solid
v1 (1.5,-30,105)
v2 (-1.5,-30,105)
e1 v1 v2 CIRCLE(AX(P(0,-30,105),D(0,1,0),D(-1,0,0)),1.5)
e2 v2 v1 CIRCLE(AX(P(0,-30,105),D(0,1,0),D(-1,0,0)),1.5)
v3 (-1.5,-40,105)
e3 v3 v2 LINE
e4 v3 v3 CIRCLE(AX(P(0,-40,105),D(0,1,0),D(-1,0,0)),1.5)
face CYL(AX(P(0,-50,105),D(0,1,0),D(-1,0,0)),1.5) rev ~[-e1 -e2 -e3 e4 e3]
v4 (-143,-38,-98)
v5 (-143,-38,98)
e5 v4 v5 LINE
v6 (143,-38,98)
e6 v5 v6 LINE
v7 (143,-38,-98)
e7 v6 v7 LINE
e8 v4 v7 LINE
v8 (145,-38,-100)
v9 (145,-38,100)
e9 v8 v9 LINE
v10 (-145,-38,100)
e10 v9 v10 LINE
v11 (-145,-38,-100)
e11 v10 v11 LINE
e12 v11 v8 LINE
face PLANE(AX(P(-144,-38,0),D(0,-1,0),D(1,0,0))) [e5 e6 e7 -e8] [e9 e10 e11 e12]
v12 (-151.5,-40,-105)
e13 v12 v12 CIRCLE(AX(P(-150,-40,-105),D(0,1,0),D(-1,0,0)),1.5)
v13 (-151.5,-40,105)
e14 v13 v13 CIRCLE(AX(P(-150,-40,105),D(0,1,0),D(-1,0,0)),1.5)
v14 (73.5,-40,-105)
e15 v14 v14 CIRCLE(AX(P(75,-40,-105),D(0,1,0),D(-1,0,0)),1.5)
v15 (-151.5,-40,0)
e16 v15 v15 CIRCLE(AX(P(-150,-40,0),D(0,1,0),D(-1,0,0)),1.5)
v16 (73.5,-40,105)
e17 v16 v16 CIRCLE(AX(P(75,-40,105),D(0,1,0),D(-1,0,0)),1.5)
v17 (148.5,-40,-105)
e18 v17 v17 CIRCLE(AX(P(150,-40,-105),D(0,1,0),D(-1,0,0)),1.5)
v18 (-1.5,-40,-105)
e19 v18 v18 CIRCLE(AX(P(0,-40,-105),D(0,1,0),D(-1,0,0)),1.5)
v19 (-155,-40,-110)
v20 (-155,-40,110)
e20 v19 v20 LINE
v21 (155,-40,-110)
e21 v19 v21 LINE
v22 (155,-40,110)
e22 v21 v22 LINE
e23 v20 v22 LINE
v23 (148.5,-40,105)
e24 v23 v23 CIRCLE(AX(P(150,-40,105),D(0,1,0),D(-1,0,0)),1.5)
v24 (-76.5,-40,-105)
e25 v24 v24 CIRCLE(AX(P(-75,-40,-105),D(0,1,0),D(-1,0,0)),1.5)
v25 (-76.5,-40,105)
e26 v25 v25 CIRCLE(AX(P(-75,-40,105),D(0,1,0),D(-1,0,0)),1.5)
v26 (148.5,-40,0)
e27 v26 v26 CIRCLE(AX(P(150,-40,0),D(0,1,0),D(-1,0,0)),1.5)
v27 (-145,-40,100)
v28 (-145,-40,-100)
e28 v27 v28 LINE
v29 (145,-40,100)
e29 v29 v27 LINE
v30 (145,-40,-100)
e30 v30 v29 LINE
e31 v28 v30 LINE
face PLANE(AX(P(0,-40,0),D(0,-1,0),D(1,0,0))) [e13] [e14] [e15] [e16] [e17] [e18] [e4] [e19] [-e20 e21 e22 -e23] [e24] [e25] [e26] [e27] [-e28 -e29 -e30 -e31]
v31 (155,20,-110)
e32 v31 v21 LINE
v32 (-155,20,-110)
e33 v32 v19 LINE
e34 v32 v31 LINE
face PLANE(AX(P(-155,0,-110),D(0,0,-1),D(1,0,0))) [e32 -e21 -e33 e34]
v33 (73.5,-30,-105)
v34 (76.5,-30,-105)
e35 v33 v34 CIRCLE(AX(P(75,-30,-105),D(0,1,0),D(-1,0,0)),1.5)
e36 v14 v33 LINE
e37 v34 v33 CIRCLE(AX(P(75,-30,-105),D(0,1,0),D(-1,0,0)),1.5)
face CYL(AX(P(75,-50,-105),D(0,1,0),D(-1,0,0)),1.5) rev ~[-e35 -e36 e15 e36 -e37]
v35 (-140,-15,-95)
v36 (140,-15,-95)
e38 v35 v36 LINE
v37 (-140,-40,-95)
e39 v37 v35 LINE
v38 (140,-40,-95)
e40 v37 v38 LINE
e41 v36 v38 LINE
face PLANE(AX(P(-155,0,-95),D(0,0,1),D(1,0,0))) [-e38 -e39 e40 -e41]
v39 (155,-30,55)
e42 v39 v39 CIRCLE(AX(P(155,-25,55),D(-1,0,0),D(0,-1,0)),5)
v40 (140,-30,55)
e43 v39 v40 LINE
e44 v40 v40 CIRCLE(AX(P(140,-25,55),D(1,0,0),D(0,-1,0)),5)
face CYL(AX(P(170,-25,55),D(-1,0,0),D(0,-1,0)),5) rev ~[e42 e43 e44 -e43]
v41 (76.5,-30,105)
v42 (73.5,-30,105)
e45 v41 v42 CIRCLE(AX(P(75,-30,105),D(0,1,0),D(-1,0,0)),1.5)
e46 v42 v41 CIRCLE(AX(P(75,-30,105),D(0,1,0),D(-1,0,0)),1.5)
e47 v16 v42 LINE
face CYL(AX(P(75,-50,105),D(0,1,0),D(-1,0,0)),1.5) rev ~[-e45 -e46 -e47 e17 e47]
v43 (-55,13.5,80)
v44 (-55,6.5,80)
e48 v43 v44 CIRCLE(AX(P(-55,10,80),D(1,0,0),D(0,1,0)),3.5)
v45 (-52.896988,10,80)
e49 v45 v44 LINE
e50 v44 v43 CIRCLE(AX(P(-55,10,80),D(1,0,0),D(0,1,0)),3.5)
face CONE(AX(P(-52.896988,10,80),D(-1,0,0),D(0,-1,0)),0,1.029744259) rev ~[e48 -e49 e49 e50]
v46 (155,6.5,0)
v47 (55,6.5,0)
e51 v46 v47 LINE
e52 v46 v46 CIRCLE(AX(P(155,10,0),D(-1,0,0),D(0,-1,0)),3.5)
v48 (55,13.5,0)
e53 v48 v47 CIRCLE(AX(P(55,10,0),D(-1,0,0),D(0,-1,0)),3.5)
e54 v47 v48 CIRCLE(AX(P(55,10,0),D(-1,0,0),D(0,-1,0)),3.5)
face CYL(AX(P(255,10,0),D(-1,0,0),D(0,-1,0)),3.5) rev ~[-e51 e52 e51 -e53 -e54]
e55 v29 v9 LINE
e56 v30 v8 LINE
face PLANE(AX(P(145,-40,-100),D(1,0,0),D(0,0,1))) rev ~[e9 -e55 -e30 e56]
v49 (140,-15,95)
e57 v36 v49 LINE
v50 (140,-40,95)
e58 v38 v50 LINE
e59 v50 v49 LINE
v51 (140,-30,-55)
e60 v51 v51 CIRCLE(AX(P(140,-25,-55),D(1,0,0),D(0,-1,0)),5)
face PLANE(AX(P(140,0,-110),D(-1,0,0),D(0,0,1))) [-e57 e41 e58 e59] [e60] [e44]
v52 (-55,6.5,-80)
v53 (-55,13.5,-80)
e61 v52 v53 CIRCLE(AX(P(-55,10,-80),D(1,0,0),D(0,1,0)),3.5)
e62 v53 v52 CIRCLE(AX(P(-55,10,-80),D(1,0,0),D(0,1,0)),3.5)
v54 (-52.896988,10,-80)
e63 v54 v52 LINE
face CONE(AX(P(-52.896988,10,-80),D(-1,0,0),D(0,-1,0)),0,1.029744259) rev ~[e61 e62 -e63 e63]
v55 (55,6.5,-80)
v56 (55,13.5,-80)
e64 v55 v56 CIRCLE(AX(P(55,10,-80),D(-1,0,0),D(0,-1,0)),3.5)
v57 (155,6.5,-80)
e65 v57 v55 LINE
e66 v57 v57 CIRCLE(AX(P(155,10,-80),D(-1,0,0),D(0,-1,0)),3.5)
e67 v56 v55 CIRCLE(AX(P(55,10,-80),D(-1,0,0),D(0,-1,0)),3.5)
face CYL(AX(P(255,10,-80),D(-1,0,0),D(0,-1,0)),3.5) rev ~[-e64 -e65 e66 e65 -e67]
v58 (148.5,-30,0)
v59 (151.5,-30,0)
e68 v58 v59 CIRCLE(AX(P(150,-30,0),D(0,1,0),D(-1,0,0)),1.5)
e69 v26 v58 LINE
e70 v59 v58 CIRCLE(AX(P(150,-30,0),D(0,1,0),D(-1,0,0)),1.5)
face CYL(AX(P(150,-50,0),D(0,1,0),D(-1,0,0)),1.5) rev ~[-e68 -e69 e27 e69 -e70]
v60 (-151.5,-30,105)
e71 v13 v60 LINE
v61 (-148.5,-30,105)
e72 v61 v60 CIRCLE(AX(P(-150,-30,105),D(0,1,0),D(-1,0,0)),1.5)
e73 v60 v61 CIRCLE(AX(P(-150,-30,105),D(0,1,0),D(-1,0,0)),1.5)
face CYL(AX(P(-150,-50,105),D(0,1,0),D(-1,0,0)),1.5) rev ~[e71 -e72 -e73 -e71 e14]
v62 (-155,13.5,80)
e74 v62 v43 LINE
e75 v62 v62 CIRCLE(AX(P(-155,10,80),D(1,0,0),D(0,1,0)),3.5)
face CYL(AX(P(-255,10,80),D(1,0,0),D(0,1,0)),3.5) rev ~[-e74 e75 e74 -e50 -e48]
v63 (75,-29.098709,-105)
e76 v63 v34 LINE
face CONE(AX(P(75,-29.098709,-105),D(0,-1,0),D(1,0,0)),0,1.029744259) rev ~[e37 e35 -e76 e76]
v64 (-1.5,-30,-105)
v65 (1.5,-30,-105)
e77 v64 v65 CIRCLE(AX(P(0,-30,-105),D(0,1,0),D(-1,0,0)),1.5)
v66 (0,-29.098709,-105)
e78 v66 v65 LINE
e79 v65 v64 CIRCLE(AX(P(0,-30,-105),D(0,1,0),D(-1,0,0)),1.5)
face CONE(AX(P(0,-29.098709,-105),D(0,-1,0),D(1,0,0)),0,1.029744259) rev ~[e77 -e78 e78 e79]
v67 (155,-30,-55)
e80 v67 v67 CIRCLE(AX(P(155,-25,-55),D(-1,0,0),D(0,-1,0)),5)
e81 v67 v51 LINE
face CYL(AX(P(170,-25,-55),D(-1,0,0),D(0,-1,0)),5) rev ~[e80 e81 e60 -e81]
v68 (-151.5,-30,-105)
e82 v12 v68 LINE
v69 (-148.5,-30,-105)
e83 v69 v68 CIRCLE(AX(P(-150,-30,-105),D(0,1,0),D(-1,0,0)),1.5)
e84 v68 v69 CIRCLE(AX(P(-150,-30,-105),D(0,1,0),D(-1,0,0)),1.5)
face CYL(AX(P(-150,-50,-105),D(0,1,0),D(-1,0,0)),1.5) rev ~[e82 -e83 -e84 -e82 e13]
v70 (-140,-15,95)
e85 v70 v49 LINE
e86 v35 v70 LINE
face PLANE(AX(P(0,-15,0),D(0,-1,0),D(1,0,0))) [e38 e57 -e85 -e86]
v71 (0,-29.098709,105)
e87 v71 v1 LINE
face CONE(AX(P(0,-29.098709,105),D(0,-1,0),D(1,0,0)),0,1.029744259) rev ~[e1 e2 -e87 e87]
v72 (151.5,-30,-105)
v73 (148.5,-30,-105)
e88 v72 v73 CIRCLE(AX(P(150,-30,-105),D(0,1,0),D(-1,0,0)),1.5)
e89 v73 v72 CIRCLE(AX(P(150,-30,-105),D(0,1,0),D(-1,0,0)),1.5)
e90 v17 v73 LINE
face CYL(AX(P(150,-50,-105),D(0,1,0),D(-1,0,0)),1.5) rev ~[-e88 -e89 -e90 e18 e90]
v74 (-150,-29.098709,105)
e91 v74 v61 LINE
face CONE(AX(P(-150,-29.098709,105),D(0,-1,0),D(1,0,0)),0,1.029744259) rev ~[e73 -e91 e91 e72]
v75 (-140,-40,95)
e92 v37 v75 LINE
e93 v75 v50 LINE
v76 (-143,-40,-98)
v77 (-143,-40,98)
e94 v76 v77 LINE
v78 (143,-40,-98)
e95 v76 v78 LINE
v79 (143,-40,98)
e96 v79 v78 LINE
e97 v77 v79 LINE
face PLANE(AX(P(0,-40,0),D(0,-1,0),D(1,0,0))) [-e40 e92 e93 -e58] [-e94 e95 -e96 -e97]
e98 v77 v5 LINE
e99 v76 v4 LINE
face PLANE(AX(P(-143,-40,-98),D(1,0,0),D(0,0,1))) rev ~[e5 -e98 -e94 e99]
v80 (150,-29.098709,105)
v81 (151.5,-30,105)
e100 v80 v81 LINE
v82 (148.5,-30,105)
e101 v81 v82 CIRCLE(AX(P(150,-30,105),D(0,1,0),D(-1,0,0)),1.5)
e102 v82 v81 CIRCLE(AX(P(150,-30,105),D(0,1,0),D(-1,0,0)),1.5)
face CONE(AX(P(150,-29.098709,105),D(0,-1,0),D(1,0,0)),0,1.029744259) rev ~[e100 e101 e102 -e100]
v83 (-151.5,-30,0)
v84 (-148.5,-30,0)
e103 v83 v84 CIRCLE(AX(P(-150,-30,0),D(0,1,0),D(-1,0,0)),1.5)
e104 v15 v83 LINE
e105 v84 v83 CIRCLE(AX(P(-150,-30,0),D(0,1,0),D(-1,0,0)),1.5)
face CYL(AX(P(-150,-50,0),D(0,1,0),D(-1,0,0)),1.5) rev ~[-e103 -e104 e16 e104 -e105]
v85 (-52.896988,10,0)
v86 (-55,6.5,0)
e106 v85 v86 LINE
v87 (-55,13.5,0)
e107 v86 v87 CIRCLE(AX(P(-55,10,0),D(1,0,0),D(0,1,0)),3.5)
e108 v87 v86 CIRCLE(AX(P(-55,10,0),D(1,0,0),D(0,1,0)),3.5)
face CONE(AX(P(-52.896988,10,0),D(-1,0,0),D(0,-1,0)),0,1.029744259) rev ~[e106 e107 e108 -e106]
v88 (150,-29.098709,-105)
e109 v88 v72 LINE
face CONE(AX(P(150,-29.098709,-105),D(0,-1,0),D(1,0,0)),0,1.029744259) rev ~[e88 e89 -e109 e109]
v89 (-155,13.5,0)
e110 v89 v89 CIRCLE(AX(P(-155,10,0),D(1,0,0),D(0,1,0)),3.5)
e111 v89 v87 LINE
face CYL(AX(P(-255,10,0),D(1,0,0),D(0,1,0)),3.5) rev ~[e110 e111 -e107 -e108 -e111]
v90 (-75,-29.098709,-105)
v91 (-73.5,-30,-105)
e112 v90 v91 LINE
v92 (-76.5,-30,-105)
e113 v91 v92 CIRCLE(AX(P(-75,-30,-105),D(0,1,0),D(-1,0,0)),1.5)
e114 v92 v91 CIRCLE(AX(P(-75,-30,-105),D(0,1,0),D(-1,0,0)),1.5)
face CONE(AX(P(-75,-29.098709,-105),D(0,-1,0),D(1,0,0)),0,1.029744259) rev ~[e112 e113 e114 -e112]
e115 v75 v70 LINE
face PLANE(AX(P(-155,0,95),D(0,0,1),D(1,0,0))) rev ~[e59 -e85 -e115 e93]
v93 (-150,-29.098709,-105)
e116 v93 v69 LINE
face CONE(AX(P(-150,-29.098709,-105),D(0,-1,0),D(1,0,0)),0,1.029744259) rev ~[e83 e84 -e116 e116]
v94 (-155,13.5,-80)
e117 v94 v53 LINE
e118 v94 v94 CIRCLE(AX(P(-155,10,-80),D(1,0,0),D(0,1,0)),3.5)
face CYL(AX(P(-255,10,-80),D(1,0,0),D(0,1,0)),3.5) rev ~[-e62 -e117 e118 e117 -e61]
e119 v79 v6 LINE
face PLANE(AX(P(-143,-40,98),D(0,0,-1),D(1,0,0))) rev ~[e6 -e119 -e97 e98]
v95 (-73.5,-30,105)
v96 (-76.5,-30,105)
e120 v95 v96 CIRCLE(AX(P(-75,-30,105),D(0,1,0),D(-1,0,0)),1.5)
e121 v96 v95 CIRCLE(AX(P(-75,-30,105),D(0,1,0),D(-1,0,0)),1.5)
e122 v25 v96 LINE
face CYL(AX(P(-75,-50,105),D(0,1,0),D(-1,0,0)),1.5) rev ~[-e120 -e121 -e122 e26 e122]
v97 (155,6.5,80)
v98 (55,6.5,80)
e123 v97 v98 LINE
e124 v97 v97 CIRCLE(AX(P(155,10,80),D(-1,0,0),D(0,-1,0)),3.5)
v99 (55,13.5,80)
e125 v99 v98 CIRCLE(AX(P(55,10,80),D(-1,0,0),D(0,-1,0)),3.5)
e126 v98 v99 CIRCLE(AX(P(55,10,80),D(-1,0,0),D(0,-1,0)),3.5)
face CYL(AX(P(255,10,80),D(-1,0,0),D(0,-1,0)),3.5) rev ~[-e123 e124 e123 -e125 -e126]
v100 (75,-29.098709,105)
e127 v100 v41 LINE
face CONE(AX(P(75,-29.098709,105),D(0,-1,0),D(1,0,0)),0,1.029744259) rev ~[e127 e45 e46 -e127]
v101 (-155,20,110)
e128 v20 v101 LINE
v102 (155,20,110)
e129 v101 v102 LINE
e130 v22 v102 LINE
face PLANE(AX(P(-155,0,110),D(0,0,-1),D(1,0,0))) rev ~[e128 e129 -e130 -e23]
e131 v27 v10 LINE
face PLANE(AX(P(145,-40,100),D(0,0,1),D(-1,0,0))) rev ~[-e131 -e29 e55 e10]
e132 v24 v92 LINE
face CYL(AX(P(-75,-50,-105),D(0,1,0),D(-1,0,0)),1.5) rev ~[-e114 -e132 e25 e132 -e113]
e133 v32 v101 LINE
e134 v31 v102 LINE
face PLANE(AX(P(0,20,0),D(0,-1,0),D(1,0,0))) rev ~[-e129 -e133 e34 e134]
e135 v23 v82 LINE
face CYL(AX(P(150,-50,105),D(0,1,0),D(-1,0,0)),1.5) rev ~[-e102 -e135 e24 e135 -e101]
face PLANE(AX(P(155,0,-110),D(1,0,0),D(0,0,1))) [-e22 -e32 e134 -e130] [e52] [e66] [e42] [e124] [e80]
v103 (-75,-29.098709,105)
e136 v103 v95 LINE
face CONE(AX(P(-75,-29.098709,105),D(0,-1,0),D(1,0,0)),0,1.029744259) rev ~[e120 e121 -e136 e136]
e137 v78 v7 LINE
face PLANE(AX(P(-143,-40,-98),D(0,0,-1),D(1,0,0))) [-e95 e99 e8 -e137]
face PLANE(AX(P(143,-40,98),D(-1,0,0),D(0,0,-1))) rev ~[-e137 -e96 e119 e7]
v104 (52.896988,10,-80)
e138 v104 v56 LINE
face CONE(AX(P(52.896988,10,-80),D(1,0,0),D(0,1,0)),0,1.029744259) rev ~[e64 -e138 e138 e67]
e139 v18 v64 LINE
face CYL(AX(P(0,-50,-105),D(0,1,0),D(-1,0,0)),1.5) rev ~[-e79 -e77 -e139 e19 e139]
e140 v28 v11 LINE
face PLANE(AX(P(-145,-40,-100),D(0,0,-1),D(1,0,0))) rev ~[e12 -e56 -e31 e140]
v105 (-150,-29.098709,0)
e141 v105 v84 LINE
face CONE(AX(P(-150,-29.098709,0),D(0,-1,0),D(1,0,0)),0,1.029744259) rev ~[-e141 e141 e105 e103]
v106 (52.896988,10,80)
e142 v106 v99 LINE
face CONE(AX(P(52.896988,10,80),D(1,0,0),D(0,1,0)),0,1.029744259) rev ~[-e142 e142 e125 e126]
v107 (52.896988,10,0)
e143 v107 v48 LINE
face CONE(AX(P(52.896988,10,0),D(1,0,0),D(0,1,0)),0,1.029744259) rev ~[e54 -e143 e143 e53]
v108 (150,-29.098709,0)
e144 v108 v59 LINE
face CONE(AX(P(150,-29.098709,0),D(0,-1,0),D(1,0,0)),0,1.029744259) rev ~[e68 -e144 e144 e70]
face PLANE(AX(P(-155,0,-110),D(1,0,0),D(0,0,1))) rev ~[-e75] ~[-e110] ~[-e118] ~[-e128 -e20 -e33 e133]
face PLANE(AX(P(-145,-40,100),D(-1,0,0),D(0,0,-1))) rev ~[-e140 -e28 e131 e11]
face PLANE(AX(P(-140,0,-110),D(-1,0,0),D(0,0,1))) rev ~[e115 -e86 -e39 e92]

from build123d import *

# Parameters (mm, degrees)
F0_W      = 310
F0_H      = 220
F1_DEPTH  = 40
F2_T      = -15
F4_D      = 10
F4_DEPTH  = 15
F4_TIP    = 3.0043030951
F6_D      = 3
F6_DEPTH  = 10
F6_TIP    = 0.9012909285
F7_DEPTH  = 20
F9_D      = 7
F9_DEPTH  = 100
F9_TIP    = 2.1030121666
F11_D     = 7
F11_DEPTH = 100
F11_TIP   = 2.1030121666
F12_W     = 286
F12_H     = 2
F13_DEPTH = 2


with BuildPart() as f1:
    # F0 (on Front) → F1 (new body)
    with BuildSketch(Plane.XZ):
        Rectangle(F0_W, F0_H)
    extrude(amount=F1_DEPTH)

    # F2
    f2_openings = [f1.faces().sort_by_distance(p)[0] for p in [
        (0, -40, 0),
    ]]
    offset(amount=F2_T, openings=f2_openings)

    # F4
    with Locations(Plane.YZ.offset(155)):
        with Locations((-25, -55), (-25, 55)):
            Hole(F4_D / 2, depth=F4_DEPTH)
            with Locations((0, 0, -(F4_DEPTH + F4_TIP / 2))):  # 118° drill point
                Cone(0, F4_D / 2, F4_TIP, mode=Mode.SUBTRACT)

    # F6
    with Locations(Plane.XZ.offset(40)):
        with Locations((-150, -105), (-150, 0), (-150, 105), (-75, 105), (-75, -105), (0, -105), (75, -105), (150, -105), (150, 0), (150, 105), (75, 105), (0, 105)):
            Hole(F6_D / 2, depth=F6_DEPTH)
            with Locations((0, 0, -(F6_DEPTH + F6_TIP / 2))):  # 118° drill point
                Cone(0, F6_D / 2, F6_TIP, mode=Mode.SUBTRACT)

    # F7 (add): a face of the model
    f7_faces = [f1.faces().sort_by_distance(p)[0] for p in [
        (0, 0, 0),
    ]]
    extrude(f7_faces, amount=F7_DEPTH)

    # F9
    with Locations(Plane(origin=(-155, 0, 0), x_dir=(0, -1, 0), z_dir=(-1, 0, 0))):
        with Locations((-10, 80), (-10, 0), (-10, -80)):
            Hole(F9_D / 2, depth=F9_DEPTH)
            with Locations((0, 0, -(F9_DEPTH + F9_TIP / 2))):  # 118° drill point
                Cone(0, F9_D / 2, F9_TIP, mode=Mode.SUBTRACT)

    # F11
    with Locations(Plane.YZ.offset(155)):
        with Locations((10, -80), (10, 0), (10, 80)):
            Hole(F11_D / 2, depth=F11_DEPTH)
            with Locations((0, 0, -(F11_DEPTH + F11_TIP / 2))):  # 118° drill point
                Cone(0, F11_D / 2, F11_TIP, mode=Mode.SUBTRACT)

    # F12 (on face) → F13 (cut)
    with BuildSketch(Plane.XZ.offset(40)):
        Polygon((-145, -100), (-143, -100), (-143, -98), (-143, 98), (-143, 100), (-145, 100), align=None)
        with Locations((0, -99)):
            Rectangle(F12_W, F12_H)
        Polygon((143, -98), (143, -100), (145, -100), (145, 100), (143, 100), (143, 98), align=None)
        with Locations((0, 99)):
            Rectangle(F12_W, F12_H)
    extrude(amount=-F13_DEPTH, mode=Mode.SUBTRACT)


solid = f1.part
